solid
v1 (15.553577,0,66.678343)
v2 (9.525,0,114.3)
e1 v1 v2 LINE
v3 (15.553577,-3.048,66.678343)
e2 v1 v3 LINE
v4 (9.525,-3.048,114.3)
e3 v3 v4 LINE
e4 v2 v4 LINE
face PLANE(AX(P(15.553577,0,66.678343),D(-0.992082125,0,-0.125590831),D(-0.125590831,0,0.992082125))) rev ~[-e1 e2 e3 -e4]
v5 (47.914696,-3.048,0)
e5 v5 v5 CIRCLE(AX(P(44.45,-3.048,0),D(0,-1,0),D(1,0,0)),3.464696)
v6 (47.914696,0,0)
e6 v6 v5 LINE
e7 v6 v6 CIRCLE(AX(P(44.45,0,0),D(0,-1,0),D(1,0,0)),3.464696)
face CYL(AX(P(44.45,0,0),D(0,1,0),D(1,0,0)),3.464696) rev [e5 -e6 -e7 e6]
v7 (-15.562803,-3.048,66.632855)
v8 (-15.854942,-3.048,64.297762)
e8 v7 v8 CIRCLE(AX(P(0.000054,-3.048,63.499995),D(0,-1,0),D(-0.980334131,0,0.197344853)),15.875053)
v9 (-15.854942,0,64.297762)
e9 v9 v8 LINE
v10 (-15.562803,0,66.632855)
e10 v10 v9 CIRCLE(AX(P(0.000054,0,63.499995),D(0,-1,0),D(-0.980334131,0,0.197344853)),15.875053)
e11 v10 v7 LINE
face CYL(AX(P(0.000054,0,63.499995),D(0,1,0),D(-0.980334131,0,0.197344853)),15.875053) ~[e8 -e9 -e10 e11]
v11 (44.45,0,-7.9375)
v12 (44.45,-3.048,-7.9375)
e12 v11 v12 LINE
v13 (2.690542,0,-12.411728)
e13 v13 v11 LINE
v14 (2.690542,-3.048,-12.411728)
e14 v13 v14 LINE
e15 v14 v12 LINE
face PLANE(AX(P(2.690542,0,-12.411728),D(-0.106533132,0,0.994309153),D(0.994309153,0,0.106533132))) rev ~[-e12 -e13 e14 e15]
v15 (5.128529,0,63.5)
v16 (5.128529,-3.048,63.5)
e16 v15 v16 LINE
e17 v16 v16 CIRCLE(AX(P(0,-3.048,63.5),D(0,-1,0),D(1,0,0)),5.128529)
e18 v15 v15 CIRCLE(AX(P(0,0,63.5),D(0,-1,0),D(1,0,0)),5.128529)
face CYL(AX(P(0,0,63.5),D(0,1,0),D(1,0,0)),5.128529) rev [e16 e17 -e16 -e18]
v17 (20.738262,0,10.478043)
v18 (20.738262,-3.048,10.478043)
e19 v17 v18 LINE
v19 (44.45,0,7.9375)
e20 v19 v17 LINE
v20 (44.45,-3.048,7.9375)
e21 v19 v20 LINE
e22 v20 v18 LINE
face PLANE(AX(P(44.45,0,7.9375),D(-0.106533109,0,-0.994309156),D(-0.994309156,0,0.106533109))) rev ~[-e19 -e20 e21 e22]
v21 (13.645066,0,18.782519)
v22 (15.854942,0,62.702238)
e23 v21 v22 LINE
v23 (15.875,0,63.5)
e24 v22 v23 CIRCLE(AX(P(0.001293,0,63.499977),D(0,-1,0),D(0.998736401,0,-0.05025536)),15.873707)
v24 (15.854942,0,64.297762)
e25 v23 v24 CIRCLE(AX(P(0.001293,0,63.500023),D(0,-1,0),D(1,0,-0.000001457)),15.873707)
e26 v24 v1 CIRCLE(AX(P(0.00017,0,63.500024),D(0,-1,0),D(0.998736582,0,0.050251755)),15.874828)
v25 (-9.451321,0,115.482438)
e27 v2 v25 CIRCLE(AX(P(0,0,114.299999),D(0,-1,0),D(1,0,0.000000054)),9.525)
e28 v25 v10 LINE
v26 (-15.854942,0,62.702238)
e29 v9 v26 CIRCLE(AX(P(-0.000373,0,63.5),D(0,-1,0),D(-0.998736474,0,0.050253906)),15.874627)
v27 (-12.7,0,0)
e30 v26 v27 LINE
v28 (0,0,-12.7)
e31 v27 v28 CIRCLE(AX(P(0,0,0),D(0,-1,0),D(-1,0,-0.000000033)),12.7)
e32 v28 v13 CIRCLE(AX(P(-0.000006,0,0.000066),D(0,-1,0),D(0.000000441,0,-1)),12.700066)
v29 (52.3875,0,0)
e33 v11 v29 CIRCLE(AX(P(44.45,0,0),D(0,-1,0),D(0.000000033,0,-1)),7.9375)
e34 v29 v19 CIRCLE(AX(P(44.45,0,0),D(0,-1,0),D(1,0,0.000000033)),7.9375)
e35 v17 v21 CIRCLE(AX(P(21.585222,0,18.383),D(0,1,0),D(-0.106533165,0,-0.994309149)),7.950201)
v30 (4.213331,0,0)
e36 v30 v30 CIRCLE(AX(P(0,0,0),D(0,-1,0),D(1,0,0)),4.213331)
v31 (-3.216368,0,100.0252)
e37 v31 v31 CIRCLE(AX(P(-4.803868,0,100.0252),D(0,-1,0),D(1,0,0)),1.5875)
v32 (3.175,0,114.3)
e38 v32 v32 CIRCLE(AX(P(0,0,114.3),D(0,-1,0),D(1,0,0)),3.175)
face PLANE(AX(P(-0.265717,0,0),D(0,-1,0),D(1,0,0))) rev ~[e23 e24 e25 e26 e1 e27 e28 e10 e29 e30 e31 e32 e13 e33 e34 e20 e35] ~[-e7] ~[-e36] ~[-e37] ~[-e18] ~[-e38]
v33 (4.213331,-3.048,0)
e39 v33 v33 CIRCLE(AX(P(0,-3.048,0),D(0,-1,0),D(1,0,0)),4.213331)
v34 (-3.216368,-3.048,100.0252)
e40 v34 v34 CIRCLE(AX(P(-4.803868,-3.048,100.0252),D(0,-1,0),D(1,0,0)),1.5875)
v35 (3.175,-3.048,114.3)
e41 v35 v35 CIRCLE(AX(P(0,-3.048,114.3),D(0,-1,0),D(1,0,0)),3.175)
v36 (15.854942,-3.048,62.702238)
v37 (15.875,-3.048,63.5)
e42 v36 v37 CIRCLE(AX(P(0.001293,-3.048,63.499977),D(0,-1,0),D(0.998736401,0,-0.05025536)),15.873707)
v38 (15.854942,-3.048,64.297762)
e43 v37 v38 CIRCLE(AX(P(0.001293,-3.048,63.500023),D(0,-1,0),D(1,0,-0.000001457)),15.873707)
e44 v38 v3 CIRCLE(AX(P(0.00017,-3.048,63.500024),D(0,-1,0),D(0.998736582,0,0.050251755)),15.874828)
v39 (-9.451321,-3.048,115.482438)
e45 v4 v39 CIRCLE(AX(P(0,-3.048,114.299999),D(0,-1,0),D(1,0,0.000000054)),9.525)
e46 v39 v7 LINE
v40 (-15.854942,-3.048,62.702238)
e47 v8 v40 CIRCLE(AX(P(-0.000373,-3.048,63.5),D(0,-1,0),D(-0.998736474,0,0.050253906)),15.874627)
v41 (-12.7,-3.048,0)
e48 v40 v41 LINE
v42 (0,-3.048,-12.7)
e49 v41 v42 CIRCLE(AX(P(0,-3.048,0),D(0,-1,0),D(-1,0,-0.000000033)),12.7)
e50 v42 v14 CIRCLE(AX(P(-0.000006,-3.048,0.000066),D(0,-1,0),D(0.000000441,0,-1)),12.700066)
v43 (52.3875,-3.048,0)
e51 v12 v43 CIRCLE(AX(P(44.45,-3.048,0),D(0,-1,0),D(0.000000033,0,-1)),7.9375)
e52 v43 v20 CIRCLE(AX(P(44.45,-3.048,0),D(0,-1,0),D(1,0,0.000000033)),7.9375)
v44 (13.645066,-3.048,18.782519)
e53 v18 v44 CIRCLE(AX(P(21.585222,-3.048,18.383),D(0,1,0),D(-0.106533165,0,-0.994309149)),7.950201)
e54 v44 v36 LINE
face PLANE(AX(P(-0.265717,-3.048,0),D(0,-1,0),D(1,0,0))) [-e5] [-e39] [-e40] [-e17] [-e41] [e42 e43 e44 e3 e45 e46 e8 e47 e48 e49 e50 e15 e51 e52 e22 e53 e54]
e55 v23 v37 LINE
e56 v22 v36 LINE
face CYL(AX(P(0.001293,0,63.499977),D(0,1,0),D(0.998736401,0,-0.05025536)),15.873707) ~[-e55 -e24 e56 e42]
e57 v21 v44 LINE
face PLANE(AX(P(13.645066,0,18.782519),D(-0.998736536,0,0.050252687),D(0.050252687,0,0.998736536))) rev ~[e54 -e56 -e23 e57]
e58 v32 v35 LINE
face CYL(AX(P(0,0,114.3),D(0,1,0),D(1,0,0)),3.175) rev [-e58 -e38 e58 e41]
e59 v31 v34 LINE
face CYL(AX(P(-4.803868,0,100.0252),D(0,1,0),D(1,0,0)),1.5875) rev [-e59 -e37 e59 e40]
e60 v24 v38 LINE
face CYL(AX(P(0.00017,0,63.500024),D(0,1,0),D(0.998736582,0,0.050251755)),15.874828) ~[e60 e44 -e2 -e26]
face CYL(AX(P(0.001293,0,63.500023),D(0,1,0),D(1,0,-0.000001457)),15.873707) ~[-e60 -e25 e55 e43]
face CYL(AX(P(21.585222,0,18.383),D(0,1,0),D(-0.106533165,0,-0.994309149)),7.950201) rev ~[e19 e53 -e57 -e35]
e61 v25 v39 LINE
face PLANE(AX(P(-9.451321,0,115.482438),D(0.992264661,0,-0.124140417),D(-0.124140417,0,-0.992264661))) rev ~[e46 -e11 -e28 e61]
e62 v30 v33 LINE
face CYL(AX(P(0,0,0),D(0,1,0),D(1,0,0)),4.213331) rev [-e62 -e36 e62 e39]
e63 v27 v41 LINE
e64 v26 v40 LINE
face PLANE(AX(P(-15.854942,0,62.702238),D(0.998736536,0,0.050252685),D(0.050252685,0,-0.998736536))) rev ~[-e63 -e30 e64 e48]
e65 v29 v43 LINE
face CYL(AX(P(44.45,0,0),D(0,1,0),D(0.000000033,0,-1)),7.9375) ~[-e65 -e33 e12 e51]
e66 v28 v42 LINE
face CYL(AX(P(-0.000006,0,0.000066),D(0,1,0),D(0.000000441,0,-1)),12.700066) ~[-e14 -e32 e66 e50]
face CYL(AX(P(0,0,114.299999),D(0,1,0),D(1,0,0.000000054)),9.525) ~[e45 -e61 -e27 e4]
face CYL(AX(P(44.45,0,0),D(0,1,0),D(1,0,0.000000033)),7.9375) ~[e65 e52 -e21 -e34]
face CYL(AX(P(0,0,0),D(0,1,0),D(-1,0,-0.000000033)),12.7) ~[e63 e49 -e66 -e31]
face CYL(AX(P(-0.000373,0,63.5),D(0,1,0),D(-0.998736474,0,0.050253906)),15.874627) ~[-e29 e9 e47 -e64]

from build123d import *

# Parameters (mm, degrees)
F0_R     = 4.213331
F0_R_2   = 5.128529
F0_R_3   = 3.464696
F0_R_4   = 1.5875
F0_R_5   = 3.175
F1_DEPTH = 3.048


with BuildPart() as f1:
    # F0 (on Front) → F1 (new body)
    with BuildSketch(Plane.XZ):
        with BuildLine():
            Line((2.690542, 12.411728), (0, 12.7))
            ThreePointArc((0, 12.7), (-8.980256, 8.980256), (-12.7, 0))
            ThreePointArc((-12.7, 0), (-8.980256, -8.980256), (0, -12.7))
            Line((0, -12.7), (2.690542, -12.411728))
            ThreePointArc((2.690542, -12.411728), (12.7, 0), (2.690542, 12.411728))
        make_face()
        Circle(F0_R, mode=Mode.SUBTRACT)
        with BuildLine():
            ThreePointArc((-12.7, 0), (-8.980256, 8.980256), (0, 12.7))
            Line((0, 12.7), (2.690542, 12.411728))
            ThreePointArc((2.690542, 12.411728), (12.7, 0), (2.690542, -12.411728))
            Line((2.690542, -12.411728), (44.45, -7.9375))
            ThreePointArc((44.45, -7.9375), (36.5125, 0), (44.45, 7.9375))
            Line((44.45, 7.9375), (20.738262, 10.478043))
            ThreePointArc((20.738262, 10.478043), (15.540023, 13.219546), (13.645066, 18.782519))
            Line((13.645066, 18.782519), (15.854942, 62.702238))
            ThreePointArc((15.854942, 62.702238), (0, 47.625), (-15.854942, 62.702238))
            Line((-15.854942, 62.702238), (-12.7, 0))
        make_face()
        with BuildLine():
            Line((2.690542, -12.411728), (0, -12.7))
            ThreePointArc((0, -12.7), (1.352971, -12.627726), (2.690542, -12.411728))
        make_face()
        with BuildLine():
            ThreePointArc((-15.854942, 64.297762), (-15.875, 63.5), (-15.854942, 62.702238))
            ThreePointArc((-15.854942, 62.702238), (0, 47.625), (15.854942, 62.702238))
            ThreePointArc((15.854942, 62.702238), (15.869985, 63.100993), (15.875, 63.5))
            ThreePointArc((15.875, 63.5), (15.869985, 63.899007), (15.854942, 64.297762))
            Line((15.854942, 64.297762), (15.553577, 66.678343))
            ThreePointArc((15.553577, 66.678343), (-0.023207, 79.374983), (-15.562803, 66.632855))
            Line((-15.562803, 66.632855), (-15.854942, 64.297762))
        make_face()
        with Locations((0, 63.5)):
            Circle(F0_R_2, mode=Mode.SUBTRACT)
        with BuildLine():
            ThreePointArc((-15.562803, 66.632855), (-15.752201, 65.470729), (-15.854942, 64.297762))
            Line((-15.854942, 64.297762), (-15.562803, 66.632855))
        make_face()
        with BuildLine():
            ThreePointArc((44.45, 7.9375), (36.5125, 0), (44.45, -7.9375))
            ThreePointArc((44.45, -7.9375), (50.06266, -5.61266), (52.3875, 0))
            ThreePointArc((52.3875, 0), (50.06266, 5.61266), (44.45, 7.9375))
        make_face()
        with Locations((44.45, 0)):
            Circle(F0_R_3, mode=Mode.SUBTRACT)
        with BuildLine():
            Line((-9.451321, 115.482438), (-15.562803, 66.632855))
            ThreePointArc((-15.562803, 66.632855), (-0.023207, 79.374983), (15.553577, 66.678343))
            Line((15.553577, 66.678343), (9.525, 114.3))
            ThreePointArc((9.525, 114.3), (-0.592365, 104.793438), (-9.451321, 115.482438))
        make_face()
        with Locations((-4.803868, 100.0252)):
            Circle(F0_R_4, mode=Mode.SUBTRACT)
        with BuildLine():
            ThreePointArc((15.854942, 64.297762), (15.749304, 65.493754), (15.553577, 66.678343))
            Line((15.553577, 66.678343), (15.854942, 64.297762))
        make_face()
        with BuildLine():
            ThreePointArc((9.525, 114.3), (0.592365, 123.806562), (-9.451321, 115.482438))
            ThreePointArc((-9.451321, 115.482438), (-0.592365, 104.793438), (9.525, 114.3))
        make_face()
        with Locations((0, 114.3)):
            Circle(F0_R_5, mode=Mode.SUBTRACT)
    extrude(amount=F1_DEPTH)


solid = f1.part
